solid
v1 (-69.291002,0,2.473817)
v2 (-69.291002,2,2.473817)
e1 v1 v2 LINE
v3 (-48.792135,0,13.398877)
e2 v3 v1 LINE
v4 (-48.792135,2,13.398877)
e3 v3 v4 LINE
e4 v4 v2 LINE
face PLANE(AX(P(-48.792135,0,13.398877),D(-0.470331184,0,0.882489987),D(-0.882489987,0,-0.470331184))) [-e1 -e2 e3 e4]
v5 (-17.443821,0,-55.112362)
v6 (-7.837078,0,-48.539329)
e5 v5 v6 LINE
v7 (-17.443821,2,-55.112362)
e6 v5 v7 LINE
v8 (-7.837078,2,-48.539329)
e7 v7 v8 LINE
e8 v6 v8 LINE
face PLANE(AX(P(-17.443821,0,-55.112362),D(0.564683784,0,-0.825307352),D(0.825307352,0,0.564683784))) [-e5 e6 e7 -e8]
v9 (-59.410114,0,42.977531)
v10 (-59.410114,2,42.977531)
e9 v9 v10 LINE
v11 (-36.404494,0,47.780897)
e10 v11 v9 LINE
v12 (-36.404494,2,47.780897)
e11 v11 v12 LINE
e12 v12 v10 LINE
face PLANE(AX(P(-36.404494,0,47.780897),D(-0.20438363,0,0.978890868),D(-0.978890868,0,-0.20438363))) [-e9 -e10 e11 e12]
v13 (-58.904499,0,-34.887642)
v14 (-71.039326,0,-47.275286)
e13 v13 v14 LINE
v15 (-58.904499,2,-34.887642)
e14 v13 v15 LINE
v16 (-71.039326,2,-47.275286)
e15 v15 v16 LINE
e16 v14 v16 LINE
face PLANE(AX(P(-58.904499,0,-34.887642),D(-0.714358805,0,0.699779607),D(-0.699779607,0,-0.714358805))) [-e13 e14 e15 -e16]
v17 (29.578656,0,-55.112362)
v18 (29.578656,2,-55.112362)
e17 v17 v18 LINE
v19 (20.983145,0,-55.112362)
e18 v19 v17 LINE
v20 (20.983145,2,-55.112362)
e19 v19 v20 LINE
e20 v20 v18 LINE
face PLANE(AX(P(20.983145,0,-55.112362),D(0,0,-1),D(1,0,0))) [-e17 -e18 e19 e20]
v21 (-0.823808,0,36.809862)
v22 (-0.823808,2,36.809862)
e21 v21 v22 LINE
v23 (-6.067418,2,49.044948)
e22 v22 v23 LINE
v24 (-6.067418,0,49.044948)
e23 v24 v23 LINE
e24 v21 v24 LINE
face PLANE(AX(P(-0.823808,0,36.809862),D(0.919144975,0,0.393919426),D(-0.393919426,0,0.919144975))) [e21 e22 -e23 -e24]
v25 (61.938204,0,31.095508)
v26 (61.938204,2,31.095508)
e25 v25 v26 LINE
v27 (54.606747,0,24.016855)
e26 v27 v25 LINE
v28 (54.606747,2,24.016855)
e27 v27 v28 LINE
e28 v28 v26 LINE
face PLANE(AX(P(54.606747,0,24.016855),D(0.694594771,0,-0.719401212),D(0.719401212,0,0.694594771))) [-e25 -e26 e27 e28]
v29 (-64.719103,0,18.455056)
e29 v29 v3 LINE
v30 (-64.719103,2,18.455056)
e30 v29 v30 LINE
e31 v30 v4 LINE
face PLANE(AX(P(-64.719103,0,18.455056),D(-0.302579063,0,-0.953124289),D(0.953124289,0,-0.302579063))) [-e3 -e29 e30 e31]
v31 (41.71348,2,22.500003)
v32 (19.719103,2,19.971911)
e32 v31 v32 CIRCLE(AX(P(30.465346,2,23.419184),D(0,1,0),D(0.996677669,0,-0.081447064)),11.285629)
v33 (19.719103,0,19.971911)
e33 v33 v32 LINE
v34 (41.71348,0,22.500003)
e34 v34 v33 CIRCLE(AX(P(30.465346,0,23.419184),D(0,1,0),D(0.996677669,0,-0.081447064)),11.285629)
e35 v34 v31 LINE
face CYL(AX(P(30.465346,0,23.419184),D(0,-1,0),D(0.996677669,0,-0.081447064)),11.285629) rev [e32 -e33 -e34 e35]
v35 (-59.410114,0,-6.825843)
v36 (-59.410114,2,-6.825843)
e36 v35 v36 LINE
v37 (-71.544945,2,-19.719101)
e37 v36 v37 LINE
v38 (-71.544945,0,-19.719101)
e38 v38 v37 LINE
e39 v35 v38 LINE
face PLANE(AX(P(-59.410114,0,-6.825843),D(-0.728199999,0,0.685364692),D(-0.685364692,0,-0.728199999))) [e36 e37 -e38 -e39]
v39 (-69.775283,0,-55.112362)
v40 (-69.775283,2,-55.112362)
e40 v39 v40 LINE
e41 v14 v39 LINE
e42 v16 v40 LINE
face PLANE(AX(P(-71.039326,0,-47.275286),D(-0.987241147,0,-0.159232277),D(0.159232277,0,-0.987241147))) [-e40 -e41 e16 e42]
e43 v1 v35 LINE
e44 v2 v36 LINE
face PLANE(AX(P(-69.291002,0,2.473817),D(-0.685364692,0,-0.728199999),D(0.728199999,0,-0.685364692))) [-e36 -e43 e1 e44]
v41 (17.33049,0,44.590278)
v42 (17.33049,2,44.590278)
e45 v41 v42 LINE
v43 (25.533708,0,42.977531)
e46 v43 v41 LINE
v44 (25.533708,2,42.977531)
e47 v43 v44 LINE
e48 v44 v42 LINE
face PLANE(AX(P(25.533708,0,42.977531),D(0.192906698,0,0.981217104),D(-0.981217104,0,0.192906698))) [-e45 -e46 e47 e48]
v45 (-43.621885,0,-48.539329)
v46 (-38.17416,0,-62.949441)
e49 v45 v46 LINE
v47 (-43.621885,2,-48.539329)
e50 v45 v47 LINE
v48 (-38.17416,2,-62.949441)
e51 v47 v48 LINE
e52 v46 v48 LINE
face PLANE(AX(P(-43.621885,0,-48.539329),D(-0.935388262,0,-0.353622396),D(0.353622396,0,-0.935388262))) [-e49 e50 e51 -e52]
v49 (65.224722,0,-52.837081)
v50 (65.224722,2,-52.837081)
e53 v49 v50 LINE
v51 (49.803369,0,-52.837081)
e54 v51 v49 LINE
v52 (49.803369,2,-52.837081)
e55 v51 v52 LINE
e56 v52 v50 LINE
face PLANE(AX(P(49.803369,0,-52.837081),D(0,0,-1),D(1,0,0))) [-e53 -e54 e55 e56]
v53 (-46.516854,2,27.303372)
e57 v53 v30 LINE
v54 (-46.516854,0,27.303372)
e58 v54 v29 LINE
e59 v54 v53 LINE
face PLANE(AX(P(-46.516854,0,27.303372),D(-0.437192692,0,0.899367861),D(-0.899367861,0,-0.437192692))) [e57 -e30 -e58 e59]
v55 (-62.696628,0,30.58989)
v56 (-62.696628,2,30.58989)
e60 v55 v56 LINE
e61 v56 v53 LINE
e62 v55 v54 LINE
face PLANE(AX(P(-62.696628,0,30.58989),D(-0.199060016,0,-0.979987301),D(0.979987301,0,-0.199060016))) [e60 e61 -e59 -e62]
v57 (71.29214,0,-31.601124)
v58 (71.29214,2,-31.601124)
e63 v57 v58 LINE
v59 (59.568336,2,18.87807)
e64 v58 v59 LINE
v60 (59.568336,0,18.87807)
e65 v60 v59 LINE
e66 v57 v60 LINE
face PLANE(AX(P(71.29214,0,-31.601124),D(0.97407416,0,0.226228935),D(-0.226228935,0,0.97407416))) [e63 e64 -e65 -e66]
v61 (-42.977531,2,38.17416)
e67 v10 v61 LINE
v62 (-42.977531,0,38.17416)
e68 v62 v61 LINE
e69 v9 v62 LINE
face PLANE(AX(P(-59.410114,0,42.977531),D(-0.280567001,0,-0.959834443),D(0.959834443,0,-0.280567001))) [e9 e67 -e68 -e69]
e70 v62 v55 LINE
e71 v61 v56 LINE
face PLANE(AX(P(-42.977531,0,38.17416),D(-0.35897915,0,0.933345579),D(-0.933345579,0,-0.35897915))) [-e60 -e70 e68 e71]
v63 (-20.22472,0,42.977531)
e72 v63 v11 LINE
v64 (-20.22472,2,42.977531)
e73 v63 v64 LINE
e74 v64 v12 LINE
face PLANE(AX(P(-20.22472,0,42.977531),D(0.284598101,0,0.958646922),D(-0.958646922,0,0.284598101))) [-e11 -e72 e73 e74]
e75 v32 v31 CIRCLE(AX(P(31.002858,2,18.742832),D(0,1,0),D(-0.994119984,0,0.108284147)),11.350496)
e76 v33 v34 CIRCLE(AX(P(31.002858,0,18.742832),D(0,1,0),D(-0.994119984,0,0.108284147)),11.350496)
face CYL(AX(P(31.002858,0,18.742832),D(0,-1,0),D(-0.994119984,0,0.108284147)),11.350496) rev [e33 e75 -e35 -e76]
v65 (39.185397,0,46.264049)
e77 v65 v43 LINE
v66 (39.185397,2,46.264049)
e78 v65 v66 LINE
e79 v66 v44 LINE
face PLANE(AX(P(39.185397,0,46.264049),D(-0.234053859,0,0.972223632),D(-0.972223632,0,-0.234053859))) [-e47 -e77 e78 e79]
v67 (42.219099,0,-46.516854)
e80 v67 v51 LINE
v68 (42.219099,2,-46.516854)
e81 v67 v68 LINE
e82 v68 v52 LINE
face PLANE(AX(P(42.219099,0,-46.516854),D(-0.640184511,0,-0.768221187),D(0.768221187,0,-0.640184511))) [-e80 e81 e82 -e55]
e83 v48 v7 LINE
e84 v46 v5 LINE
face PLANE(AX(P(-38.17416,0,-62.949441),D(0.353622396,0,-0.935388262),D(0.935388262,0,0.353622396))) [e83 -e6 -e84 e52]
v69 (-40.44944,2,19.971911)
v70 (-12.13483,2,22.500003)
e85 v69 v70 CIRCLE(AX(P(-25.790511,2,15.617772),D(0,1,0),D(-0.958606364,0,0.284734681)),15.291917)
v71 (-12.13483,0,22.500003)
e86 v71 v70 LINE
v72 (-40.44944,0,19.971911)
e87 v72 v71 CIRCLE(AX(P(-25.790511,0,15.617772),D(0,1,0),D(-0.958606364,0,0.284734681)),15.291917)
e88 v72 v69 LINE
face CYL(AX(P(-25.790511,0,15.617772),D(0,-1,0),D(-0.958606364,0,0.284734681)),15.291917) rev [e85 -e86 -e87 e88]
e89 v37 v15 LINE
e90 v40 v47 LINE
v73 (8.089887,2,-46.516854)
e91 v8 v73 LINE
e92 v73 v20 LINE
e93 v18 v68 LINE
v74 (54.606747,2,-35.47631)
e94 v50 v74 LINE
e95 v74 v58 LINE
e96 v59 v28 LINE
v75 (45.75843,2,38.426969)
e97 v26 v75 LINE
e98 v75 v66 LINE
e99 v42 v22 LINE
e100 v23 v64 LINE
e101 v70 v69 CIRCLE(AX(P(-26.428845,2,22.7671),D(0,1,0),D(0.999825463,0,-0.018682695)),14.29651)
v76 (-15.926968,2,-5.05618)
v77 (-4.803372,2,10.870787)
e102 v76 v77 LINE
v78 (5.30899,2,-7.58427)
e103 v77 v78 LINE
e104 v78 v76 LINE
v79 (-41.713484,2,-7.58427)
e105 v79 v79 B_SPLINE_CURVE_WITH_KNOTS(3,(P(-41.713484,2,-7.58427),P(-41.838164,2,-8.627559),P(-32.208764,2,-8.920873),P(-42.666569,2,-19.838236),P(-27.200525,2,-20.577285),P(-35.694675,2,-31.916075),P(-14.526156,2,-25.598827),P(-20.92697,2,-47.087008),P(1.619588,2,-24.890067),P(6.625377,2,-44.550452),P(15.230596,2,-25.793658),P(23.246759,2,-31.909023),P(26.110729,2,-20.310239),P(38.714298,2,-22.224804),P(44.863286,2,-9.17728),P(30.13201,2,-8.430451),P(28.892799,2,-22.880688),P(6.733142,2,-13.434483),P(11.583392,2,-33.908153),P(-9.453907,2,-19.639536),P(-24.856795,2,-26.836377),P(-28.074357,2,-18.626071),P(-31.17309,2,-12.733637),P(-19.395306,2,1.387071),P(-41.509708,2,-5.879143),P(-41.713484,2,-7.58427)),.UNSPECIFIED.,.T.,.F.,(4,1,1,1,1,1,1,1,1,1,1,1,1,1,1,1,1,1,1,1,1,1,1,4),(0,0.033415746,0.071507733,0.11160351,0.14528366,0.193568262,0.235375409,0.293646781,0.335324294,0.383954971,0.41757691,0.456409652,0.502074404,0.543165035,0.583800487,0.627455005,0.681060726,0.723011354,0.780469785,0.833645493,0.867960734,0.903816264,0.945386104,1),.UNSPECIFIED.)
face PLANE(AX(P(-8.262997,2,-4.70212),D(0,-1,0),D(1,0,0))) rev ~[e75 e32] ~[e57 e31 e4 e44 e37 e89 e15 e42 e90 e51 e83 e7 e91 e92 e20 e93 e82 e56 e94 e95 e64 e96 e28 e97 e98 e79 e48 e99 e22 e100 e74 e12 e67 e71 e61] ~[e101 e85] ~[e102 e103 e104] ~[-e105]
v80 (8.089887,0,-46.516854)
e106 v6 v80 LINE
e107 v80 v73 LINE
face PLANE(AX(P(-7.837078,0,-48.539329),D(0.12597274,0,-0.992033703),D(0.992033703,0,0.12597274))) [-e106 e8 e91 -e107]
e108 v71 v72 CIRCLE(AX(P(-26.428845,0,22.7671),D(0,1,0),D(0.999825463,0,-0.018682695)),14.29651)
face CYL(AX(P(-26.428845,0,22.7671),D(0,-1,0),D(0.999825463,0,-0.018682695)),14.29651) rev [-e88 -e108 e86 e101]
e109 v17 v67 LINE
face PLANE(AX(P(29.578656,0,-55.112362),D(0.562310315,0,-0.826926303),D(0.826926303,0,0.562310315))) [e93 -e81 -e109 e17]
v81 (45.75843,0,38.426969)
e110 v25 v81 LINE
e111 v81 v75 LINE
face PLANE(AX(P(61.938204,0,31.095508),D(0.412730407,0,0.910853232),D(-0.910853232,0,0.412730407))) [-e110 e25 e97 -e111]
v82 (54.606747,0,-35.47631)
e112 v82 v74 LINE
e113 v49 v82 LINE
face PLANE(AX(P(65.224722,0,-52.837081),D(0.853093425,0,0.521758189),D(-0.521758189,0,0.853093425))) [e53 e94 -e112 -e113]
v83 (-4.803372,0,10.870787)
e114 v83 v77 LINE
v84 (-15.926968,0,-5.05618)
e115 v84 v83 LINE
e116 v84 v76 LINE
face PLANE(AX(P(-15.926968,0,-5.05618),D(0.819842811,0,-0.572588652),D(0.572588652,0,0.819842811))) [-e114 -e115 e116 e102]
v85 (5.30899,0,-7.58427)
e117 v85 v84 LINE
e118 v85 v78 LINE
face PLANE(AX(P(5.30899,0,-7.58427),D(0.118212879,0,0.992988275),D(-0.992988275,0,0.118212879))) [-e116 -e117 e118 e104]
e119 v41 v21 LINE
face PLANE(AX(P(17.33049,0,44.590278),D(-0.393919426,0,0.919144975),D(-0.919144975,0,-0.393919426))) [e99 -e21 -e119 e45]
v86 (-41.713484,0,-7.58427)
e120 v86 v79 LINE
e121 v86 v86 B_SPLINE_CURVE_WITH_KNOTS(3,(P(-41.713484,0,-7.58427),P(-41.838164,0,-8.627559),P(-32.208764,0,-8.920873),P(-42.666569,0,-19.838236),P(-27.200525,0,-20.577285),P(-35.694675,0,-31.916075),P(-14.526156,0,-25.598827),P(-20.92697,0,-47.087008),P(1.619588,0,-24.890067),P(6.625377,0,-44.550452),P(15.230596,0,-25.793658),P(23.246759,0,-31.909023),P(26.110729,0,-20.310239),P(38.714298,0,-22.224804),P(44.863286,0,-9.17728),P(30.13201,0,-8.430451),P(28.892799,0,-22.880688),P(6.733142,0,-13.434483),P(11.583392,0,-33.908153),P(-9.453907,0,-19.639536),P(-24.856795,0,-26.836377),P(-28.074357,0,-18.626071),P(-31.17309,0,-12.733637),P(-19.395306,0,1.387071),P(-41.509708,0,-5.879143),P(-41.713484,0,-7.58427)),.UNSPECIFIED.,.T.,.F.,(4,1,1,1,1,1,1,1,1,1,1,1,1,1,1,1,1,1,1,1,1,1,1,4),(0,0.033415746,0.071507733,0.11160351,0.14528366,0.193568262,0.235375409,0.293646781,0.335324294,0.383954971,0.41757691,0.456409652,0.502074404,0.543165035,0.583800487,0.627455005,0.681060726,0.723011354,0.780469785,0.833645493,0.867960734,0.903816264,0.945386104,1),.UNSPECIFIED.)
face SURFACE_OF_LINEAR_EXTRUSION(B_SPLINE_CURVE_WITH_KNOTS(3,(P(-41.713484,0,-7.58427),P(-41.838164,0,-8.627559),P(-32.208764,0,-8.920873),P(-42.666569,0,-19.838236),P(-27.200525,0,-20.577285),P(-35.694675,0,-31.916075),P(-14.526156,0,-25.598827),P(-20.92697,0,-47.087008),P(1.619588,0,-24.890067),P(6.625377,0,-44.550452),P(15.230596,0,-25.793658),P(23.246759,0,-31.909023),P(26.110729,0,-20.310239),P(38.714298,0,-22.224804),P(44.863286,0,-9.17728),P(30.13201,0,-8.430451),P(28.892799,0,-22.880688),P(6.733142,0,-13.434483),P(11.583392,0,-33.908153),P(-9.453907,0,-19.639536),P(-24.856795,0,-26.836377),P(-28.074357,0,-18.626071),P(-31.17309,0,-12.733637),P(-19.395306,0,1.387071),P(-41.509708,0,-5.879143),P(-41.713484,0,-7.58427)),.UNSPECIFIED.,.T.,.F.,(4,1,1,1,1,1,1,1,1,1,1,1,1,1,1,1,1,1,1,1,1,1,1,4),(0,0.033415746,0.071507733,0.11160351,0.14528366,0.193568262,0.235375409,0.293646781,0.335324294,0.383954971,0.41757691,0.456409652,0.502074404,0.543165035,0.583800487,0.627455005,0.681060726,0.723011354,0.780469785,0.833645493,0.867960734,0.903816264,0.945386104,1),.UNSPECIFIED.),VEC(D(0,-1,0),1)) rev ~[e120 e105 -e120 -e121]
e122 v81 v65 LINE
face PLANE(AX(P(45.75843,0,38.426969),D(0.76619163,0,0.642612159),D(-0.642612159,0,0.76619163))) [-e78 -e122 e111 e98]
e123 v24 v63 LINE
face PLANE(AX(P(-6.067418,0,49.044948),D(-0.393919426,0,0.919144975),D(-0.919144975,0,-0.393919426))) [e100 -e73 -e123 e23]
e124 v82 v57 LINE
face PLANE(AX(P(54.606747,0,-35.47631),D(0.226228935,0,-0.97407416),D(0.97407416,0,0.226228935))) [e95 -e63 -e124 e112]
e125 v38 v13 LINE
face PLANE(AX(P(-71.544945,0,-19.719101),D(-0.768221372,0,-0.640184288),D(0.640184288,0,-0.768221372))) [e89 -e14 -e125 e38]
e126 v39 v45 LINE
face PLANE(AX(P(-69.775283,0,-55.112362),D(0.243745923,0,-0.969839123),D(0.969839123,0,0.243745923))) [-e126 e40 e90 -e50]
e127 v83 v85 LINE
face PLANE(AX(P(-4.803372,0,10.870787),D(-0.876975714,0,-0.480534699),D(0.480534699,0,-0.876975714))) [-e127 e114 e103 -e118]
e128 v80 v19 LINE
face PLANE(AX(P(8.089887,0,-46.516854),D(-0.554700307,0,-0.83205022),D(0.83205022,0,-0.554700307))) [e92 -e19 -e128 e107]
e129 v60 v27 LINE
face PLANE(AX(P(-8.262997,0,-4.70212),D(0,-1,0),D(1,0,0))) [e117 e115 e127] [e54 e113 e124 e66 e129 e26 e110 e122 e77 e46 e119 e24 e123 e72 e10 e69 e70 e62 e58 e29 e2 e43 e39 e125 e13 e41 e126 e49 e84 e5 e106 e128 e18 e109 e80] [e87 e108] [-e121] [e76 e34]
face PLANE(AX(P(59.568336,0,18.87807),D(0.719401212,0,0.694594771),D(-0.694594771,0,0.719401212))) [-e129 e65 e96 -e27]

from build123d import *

# Parameters (mm, degrees)
F1_DEPTH = 2


with BuildPart() as f1:
    # F0 (on Front) → F1 (new body)
    with BuildSketch(Plane.XZ):
        Polygon((-58.9044988155, -34.8876416683), (-71.039326489, -47.2752861679), (-69.7752833366, -55.112361908), (-43.6218851764, -48.5393293202), (-38.1741598248, -62.9494413733), (-17.4438208342, -55.112361908), (-7.8370776027, -48.5393293202), (8.0898869783, -46.516854316), (20.9831446409, -55.112361908), (29.5786559582, -55.112361908), (42.2190986574, -46.516854316), (49.8033687472, -52.8370812535), (65.2247220278, -52.8370812535), (54.6067468822, -35.4763095915), (71.2921395898, -31.6011235118), (59.5683358411, 18.8780704036), (54.6067468822, 24.0168552846), (61.9382038713, 31.095508486), (45.7584299147, 38.4269692004), (39.1853973269, 46.2640486658), (25.5337078124, 42.9775305092), (17.3304902118, 44.5902781983), (-0.8238076349, 36.8098618498), (-6.0674180277, 49.0449480712), (-20.2247202396, 42.9775305092), (-36.4044941962, 47.7808974683), (-59.4101138413, 42.9775305092), (-42.9775305092, 38.1741598248), (-62.6966282725, 30.589889735), (-46.516854316, 27.3033715785), (-64.7191032767, 18.4550564736), (-48.7921349704, 13.398877345), (-69.2910023821, 2.4738167406), (-59.4101138413, -6.8258428946), (-71.54494524, -19.7191014886), align=None)
        with BuildLine():
            add(Edge.make_bspline(
                [(-41.7134836316, -7.5842700899), (-41.8381644109, -8.6275591051), (-32.208764425, -8.9208733209), (-42.6665691608, -19.8382355727), (-27.2005253581, -20.5772849841), (-35.6946749647, -31.9160746812), (-14.5261558225, -25.5988274391), (-20.9269695434, -47.0870084538), (1.6195875821, -24.8900668334), (6.6253770184, -44.5504518522), (15.2305959462, -25.7936579002), (23.2467586166, -31.9090225758), (26.1107288023, -20.3102393616), (38.7142983383, -22.2248039418), (44.8632862228, -9.1772804818), (30.1320103781, -8.4304505956), (28.8927986822, -22.8806877298), (6.733141731, -13.4344827948), (11.5833919571, -33.9081530212), (-9.4539066935, -19.6395364084), (-24.8567945997, -26.8363769051), (-28.0743569903, -18.6260709592), (-31.1730898683, -12.7336371059), (-19.3953059123, 1.3870708811), (-41.5097083507, -5.8791434989), (-41.7134836316, -7.5842700899)],
                knots=[0, 0, 0, 0, 0.0334157462, 0.0715077331, 0.1116035103, 0.1452836596, 0.1935682624, 0.2353754094, 0.2936467814, 0.3353242943, 0.3839549712, 0.4175769103, 0.4564096515, 0.5020744044, 0.543165035, 0.5838004874, 0.6274550054, 0.6810607263, 0.7230113539, 0.7804697854, 0.8336454931, 0.8679607337, 0.9038162641, 0.9453861043, 1, 1, 1, 1], degree=3))
        make_face(mode=Mode.SUBTRACT)
        Polygon((-15.9269683063, -5.0561800599), (-4.8033716157, 10.8707873151), (5.3089899011, -7.5842700899), align=None, mode=Mode.SUBTRACT)
        with BuildLine():
            ThreePointArc((-12.1348304674, 22.5000027567), (-25.1574276279, 8.5272375526), (-40.4494404793, 19.9719108641))
            ThreePointArc((-40.4494404793, 19.9719108641), (-27.1504521996, 30.8490976313), (-12.1348304674, 22.5000027567))
        make_face(mode=Mode.SUBTRACT)
        with BuildLine():
            ThreePointArc((19.7191033512, 19.9719108641), (29.7067359099, 30.019082416), (41.7134799063, 22.5000027567))
            ThreePointArc((41.7134799063, 22.5000027567), (31.754060572, 12.2073764094), (19.7191033512, 19.9719108641))
        make_face(mode=Mode.SUBTRACT)
    extrude(amount=-F1_DEPTH)


solid = f1.part
